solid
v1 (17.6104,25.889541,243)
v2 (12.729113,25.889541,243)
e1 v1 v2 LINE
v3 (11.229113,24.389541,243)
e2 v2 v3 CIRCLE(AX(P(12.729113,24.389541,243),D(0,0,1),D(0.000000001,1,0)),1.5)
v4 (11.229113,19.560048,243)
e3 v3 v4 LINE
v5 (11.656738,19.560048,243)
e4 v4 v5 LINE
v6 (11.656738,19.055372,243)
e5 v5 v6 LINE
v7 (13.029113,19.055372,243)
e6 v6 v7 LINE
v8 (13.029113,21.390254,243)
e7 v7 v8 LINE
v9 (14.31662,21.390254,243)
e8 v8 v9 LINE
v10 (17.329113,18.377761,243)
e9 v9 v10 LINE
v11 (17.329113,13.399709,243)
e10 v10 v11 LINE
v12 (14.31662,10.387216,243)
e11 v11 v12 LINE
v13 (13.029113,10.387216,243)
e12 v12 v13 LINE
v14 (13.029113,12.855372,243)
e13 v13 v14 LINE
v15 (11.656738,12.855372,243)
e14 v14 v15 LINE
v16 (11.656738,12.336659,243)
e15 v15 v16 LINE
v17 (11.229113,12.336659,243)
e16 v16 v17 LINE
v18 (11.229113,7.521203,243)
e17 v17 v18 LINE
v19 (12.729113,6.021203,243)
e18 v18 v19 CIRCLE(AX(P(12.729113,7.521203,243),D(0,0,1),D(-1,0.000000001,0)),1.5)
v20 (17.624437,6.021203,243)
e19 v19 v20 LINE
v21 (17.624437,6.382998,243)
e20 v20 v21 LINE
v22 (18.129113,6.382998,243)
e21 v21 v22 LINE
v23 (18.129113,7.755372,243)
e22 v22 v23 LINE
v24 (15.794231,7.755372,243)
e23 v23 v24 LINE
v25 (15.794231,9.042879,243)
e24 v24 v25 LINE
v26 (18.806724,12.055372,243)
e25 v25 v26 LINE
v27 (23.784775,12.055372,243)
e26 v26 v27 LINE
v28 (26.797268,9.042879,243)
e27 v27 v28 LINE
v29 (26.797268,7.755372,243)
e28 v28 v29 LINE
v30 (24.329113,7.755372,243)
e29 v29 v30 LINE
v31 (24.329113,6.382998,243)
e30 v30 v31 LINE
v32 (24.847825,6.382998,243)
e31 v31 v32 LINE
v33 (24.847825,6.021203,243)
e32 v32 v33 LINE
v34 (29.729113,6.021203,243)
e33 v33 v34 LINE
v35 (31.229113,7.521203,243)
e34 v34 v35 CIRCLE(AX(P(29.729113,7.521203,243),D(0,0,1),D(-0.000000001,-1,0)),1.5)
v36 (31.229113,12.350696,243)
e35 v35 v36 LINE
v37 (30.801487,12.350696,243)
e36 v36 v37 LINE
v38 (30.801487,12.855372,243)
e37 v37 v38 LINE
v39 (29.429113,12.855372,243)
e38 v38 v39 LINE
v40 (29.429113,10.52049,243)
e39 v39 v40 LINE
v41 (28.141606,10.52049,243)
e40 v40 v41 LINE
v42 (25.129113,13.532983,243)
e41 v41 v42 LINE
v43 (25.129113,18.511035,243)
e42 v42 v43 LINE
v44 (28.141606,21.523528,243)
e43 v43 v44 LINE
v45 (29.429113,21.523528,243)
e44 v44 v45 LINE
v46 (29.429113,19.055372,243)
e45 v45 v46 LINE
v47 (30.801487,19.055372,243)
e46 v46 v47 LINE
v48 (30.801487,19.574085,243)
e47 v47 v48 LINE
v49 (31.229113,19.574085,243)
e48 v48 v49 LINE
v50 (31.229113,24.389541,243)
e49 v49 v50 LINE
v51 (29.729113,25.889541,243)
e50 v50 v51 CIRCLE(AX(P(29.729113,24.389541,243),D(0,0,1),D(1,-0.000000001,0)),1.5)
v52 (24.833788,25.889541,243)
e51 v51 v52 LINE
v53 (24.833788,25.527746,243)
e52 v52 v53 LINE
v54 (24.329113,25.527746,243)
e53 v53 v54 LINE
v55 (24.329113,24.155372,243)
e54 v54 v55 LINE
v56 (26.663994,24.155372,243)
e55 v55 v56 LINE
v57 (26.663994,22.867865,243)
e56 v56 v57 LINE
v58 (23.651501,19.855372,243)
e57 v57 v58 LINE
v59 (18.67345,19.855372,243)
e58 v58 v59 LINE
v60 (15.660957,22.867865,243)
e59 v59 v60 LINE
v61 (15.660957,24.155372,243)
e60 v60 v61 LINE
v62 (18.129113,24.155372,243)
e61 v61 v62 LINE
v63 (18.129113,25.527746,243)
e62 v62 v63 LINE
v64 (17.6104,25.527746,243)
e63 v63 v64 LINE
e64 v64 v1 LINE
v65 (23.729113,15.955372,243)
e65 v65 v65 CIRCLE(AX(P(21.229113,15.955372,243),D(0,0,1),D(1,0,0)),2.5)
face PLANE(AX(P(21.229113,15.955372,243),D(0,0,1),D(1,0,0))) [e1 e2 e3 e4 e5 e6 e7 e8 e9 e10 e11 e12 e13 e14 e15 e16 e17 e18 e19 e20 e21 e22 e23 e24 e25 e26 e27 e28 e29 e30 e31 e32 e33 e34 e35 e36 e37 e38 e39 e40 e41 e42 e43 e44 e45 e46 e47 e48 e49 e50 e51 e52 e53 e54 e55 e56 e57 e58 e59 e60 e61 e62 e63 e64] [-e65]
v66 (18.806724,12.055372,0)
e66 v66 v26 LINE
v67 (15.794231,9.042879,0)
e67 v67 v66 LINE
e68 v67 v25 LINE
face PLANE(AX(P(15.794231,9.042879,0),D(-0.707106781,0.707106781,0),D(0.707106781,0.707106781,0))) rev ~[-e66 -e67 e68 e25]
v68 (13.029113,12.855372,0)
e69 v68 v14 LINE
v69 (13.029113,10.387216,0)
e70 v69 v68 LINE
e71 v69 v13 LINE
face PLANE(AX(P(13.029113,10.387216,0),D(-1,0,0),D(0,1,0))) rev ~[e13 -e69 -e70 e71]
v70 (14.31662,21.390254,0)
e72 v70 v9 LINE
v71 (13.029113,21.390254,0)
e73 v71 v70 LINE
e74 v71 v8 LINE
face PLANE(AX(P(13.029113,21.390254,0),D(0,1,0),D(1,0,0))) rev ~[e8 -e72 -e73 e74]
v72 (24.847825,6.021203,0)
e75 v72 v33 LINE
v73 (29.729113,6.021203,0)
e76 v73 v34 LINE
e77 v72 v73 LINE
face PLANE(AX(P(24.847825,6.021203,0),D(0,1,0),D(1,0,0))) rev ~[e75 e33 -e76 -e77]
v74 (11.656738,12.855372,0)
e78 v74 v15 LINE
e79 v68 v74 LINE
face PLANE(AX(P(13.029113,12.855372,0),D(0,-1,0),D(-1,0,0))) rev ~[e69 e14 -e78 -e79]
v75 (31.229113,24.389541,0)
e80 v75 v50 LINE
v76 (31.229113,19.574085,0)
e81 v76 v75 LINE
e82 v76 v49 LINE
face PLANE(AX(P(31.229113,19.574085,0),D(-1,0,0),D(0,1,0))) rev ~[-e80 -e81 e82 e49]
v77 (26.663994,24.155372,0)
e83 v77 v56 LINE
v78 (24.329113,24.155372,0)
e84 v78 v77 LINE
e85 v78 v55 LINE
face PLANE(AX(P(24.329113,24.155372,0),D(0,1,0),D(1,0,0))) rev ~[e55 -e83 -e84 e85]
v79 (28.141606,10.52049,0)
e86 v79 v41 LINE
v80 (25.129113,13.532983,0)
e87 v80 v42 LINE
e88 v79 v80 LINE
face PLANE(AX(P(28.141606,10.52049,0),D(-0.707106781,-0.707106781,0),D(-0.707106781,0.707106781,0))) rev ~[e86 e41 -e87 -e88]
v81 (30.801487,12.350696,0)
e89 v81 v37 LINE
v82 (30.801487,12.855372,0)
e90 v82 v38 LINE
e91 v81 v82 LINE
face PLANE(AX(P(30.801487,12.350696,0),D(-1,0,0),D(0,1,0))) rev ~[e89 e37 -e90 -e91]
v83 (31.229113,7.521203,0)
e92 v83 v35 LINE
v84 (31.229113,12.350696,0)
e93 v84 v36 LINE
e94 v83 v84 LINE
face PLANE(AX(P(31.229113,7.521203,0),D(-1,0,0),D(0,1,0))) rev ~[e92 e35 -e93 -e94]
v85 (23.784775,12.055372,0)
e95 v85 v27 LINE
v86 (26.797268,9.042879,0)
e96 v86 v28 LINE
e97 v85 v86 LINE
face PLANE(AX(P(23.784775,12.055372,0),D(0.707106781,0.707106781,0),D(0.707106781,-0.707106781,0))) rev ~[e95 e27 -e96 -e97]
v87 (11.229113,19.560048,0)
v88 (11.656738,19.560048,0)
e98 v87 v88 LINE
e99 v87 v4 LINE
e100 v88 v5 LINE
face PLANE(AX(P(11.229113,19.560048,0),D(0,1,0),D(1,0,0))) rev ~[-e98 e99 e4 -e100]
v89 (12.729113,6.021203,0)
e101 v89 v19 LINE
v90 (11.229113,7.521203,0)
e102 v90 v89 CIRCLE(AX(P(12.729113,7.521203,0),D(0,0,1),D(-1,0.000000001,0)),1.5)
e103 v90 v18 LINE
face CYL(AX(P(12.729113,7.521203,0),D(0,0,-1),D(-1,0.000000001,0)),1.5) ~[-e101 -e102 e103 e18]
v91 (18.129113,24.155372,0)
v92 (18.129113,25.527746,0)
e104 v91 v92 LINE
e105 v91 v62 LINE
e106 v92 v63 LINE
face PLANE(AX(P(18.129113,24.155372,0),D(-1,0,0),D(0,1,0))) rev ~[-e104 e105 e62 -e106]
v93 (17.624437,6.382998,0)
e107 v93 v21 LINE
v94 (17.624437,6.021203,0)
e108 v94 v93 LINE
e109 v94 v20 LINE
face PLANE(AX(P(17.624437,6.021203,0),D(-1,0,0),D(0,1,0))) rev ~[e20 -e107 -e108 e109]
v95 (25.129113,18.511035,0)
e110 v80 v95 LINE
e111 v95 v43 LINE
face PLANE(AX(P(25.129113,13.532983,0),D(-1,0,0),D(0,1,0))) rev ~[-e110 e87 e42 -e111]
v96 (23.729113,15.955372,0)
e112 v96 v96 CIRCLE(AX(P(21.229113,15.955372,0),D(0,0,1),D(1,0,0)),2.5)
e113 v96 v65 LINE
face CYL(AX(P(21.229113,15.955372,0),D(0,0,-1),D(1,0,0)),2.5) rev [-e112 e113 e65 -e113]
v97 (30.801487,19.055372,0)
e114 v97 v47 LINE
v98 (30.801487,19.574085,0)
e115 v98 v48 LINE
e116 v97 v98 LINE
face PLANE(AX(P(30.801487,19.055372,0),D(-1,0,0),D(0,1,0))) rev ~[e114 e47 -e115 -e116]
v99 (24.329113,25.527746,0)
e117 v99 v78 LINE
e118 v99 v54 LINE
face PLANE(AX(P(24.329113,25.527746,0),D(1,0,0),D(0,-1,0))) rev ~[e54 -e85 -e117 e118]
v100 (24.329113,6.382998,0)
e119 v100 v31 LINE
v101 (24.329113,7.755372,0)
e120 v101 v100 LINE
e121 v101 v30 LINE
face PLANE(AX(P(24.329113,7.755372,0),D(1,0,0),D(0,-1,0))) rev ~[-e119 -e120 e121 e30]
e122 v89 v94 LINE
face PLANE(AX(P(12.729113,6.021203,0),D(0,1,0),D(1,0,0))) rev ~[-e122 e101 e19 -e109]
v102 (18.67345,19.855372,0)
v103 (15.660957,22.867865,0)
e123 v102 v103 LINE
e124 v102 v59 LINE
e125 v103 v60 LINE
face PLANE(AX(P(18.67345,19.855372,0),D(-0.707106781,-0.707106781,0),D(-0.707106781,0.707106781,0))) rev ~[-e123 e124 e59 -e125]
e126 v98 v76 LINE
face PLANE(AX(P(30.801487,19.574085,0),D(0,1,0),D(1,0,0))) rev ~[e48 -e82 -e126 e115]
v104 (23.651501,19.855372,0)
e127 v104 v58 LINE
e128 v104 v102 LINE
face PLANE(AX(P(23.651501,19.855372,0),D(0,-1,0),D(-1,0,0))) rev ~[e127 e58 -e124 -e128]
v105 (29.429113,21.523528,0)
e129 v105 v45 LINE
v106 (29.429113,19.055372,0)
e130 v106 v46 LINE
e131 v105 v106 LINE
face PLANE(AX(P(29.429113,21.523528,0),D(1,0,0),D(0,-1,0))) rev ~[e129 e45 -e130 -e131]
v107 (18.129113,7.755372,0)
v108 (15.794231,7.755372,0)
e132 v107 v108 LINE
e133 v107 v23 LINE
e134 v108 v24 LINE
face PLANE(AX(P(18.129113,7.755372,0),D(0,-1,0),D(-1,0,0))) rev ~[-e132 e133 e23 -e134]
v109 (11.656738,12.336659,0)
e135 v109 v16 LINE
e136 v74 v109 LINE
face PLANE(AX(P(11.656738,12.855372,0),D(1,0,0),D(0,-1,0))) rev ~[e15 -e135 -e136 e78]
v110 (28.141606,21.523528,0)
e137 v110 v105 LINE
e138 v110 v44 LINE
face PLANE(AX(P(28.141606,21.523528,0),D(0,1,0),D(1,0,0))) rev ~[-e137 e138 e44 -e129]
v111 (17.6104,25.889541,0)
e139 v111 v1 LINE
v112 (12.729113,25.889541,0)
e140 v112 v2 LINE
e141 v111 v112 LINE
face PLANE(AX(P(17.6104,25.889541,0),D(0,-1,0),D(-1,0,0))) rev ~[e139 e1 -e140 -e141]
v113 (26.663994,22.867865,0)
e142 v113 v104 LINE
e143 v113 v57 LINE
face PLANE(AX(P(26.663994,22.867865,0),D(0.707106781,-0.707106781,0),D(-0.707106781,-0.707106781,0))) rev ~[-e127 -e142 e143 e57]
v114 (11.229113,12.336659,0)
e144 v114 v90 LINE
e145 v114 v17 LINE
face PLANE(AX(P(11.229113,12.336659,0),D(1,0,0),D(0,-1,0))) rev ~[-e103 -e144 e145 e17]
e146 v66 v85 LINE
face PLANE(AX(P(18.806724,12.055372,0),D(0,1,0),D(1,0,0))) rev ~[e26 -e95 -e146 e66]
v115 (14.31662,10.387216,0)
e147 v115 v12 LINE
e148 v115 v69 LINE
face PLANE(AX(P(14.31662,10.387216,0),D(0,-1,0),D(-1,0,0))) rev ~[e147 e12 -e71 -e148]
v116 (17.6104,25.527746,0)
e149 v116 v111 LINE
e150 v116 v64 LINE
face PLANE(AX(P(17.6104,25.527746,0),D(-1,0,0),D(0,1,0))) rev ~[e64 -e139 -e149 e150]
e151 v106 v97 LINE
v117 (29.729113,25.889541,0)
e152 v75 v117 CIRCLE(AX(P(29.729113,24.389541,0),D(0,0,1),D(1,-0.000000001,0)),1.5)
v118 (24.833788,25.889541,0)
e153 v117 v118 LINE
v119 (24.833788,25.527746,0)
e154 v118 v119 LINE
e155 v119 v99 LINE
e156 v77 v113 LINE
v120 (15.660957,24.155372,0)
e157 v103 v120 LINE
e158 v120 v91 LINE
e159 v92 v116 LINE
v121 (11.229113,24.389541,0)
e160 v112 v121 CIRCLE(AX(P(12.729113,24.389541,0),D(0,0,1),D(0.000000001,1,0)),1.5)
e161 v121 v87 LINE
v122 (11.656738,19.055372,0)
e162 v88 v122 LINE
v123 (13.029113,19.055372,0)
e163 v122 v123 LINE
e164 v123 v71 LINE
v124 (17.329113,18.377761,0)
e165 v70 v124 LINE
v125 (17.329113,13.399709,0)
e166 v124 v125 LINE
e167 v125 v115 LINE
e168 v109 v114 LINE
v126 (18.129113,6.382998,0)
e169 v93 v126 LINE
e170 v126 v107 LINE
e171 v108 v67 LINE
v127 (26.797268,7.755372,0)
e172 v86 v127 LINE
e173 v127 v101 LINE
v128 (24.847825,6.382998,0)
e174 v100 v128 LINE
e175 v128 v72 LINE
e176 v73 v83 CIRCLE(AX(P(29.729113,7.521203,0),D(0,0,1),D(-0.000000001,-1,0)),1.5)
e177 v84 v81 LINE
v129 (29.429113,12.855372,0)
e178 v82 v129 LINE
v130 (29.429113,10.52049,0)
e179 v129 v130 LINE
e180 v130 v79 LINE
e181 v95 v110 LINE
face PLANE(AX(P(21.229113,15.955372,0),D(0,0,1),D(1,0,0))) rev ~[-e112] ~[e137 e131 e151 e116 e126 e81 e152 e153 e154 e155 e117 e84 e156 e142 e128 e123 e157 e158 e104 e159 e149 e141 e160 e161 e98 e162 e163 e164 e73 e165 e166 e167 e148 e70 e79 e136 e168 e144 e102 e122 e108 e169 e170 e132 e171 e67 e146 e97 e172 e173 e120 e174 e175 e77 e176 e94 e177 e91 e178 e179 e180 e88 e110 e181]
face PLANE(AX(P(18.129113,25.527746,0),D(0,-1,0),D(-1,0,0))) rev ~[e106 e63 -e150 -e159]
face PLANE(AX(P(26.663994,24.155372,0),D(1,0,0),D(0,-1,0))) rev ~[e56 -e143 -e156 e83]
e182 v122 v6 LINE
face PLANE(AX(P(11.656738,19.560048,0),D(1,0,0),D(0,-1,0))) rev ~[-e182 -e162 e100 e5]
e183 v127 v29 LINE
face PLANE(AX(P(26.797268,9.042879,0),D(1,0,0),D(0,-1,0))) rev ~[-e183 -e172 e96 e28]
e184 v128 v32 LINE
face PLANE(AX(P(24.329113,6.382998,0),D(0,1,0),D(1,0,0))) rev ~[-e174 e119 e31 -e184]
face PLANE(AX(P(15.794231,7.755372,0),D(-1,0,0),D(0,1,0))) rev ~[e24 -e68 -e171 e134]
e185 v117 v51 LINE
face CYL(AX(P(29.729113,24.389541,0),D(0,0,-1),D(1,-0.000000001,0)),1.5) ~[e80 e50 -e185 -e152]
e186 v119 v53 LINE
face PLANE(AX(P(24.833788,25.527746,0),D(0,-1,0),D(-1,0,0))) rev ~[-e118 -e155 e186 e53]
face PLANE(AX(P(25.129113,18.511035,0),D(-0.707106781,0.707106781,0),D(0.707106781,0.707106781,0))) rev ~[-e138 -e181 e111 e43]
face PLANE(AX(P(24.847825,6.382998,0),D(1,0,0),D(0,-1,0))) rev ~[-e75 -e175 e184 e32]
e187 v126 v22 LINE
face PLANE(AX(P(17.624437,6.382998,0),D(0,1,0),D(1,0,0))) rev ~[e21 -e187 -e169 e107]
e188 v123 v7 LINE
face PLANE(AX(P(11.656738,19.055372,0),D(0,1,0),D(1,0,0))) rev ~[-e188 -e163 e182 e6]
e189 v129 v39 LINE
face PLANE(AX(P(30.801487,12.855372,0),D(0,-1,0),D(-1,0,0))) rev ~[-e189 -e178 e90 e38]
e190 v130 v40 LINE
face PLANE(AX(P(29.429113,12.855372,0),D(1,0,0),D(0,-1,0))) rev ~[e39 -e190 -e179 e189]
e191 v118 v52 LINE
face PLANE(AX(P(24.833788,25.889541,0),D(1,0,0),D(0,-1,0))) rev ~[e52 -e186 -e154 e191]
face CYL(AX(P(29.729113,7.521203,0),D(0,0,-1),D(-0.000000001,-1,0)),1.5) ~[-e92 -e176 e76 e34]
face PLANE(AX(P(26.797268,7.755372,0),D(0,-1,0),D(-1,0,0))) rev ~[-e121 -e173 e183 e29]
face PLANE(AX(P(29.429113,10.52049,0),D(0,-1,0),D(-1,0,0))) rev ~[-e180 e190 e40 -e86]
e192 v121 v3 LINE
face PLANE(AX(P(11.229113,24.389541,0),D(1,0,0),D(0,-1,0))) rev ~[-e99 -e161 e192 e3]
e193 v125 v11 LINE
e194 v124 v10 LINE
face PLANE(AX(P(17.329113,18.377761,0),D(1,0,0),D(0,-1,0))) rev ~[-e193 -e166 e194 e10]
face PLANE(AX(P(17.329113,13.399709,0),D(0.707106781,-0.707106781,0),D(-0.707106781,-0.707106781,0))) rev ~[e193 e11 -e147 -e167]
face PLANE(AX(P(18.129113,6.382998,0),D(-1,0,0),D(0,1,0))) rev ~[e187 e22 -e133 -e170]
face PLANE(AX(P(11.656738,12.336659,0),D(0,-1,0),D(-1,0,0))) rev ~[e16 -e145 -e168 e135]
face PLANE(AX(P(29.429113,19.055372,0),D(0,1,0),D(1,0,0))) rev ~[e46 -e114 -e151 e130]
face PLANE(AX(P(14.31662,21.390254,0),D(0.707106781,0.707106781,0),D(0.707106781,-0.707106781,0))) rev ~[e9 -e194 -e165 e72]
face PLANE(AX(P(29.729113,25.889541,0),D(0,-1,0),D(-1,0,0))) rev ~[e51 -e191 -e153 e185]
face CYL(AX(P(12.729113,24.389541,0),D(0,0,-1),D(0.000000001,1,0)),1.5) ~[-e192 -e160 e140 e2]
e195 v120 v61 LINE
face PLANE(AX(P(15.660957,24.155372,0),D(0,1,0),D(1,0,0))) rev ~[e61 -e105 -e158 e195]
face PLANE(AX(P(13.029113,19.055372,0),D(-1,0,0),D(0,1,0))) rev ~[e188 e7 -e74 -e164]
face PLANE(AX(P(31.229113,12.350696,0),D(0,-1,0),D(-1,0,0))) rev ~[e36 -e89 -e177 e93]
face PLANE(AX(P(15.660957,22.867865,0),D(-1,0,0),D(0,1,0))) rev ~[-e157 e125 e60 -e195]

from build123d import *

# Parameters (mm, degrees)
SKETCH1_R           = 2.5
BOSS_EXTRUDE1_DEPTH = 243


with BuildPart() as part:
    # Sketch1 → Boss-Extrude1 (new body)
    with BuildSketch(Plane.XY):
        with BuildLine():
            Line((14.316619525, 10.387216168), (13.029112559, 10.387216168))
            Line((13.029112559, 10.387216168), (13.029112559, 12.855371932))
            Line((13.029112559, 12.855371932), (11.656738465, 12.855371932))
            Line((11.656738465, 12.855371932), (11.656738465, 12.336659272))
            Line((11.656738465, 12.336659272), (11.229112559, 12.336659272))
            Line((11.229112559, 12.336659272), (11.229112559, 7.521203168))
            ThreePointArc((11.229112559, 7.521203168), (11.668452387, 6.460542996), (12.729112559, 6.021203168))
            Line((12.729112559, 6.021203168), (17.624436699, 6.021203168))
            Line((17.624436699, 6.021203168), (17.624436699, 6.382997838))
            Line((17.624436699, 6.382997838), (18.129112559, 6.382997838))
            Line((18.129112559, 6.382997838), (18.129112559, 7.755371932))
            Line((18.129112559, 7.755371932), (15.794230869, 7.755371932))
            Line((15.794230869, 7.755371932), (15.794230869, 9.042878898))
            Line((15.794230869, 9.042878898), (18.806723903, 12.055371932))
            Line((18.806723903, 12.055371932), (23.784775289, 12.055371932))
            Line((23.784775289, 12.055371932), (26.797268323, 9.042878898))
            Line((26.797268323, 9.042878898), (26.797268323, 7.755371932))
            Line((26.797268323, 7.755371932), (24.329112559, 7.755371932))
            Line((24.329112559, 7.755371932), (24.329112559, 6.382997838))
            Line((24.329112559, 6.382997838), (24.847825219, 6.382997838))
            Line((24.847825219, 6.382997838), (24.847825219, 6.021203168))
            Line((24.847825219, 6.021203168), (29.729112559, 6.021203168))
            ThreePointArc((29.729112559, 6.021203168), (30.789772731, 6.460542996), (31.229112559, 7.521203168))
            Line((31.229112559, 7.521203168), (31.229112559, 12.350696072))
            Line((31.229112559, 12.350696072), (30.801486653, 12.350696072))
            Line((30.801486653, 12.350696072), (30.801486653, 12.855371932))
            Line((30.801486653, 12.855371932), (29.429112559, 12.855371932))
            Line((29.429112559, 12.855371932), (29.429112559, 10.520490242))
            Line((29.429112559, 10.520490242), (28.141605593, 10.520490242))
            Line((28.141605593, 10.520490242), (25.129112559, 13.532983276))
            Line((25.129112559, 13.532983276), (25.129112559, 18.511034662))
            Line((25.129112559, 18.511034662), (28.141605593, 21.523527696))
            Line((28.141605593, 21.523527696), (29.429112559, 21.523527696))
            Line((29.429112559, 21.523527696), (29.429112559, 19.055371932))
            Line((29.429112559, 19.055371932), (30.801486653, 19.055371932))
            Line((30.801486653, 19.055371932), (30.801486653, 19.574084592))
            Line((30.801486653, 19.574084592), (31.229112559, 19.574084592))
            Line((31.229112559, 19.574084592), (31.229112559, 24.389540696))
            ThreePointArc((31.229112559, 24.389540696), (30.789772731, 25.450200868), (29.729112559, 25.889540696))
            Line((29.729112559, 25.889540696), (24.833788419, 25.889540696))
            Line((24.833788419, 25.889540696), (24.833788419, 25.527746026))
            Line((24.833788419, 25.527746026), (24.329112559, 25.527746026))
            Line((24.329112559, 25.527746026), (24.329112559, 24.155371932))
            Line((24.329112559, 24.155371932), (26.663994249, 24.155371932))
            Line((26.663994249, 24.155371932), (26.663994249, 22.867864966))
            Line((26.663994249, 22.867864966), (23.651501215, 19.855371932))
            Line((23.651501215, 19.855371932), (18.673449829, 19.855371932))
            Line((18.673449829, 19.855371932), (15.660956795, 22.867864966))
            Line((15.660956795, 22.867864966), (15.660956795, 24.155371932))
            Line((15.660956795, 24.155371932), (18.129112559, 24.155371932))
            Line((18.129112559, 24.155371932), (18.129112559, 25.527746026))
            Line((18.129112559, 25.527746026), (17.610399899, 25.527746026))
            Line((17.610399899, 25.527746026), (17.610399899, 25.889540696))
            Line((17.610399899, 25.889540696), (12.729112559, 25.889540696))
            ThreePointArc((12.729112559, 25.889540696), (11.668452387, 25.450200868), (11.229112559, 24.389540696))
            Line((11.229112559, 24.389540696), (11.229112559, 19.560047792))
            Line((11.229112559, 19.560047792), (11.656738465, 19.560047792))
            Line((11.656738465, 19.560047792), (11.656738465, 19.055371932))
            Line((11.656738465, 19.055371932), (13.029112559, 19.055371932))
            Line((13.029112559, 19.055371932), (13.029112559, 21.390253622))
            Line((13.029112559, 21.390253622), (14.316619525, 21.390253622))
            Line((14.316619525, 21.390253622), (17.329112559, 18.377760588))
            Line((17.329112559, 18.377760588), (17.329112559, 13.399709202))
            Line((17.329112559, 13.399709202), (14.316619525, 10.387216168))
        make_face()
        with Locations((21.229112559, 15.955371932)):
            Circle(SKETCH1_R, mode=Mode.SUBTRACT)
    extrude(amount=BOSS_EXTRUDE1_DEPTH)


solid = part.part
